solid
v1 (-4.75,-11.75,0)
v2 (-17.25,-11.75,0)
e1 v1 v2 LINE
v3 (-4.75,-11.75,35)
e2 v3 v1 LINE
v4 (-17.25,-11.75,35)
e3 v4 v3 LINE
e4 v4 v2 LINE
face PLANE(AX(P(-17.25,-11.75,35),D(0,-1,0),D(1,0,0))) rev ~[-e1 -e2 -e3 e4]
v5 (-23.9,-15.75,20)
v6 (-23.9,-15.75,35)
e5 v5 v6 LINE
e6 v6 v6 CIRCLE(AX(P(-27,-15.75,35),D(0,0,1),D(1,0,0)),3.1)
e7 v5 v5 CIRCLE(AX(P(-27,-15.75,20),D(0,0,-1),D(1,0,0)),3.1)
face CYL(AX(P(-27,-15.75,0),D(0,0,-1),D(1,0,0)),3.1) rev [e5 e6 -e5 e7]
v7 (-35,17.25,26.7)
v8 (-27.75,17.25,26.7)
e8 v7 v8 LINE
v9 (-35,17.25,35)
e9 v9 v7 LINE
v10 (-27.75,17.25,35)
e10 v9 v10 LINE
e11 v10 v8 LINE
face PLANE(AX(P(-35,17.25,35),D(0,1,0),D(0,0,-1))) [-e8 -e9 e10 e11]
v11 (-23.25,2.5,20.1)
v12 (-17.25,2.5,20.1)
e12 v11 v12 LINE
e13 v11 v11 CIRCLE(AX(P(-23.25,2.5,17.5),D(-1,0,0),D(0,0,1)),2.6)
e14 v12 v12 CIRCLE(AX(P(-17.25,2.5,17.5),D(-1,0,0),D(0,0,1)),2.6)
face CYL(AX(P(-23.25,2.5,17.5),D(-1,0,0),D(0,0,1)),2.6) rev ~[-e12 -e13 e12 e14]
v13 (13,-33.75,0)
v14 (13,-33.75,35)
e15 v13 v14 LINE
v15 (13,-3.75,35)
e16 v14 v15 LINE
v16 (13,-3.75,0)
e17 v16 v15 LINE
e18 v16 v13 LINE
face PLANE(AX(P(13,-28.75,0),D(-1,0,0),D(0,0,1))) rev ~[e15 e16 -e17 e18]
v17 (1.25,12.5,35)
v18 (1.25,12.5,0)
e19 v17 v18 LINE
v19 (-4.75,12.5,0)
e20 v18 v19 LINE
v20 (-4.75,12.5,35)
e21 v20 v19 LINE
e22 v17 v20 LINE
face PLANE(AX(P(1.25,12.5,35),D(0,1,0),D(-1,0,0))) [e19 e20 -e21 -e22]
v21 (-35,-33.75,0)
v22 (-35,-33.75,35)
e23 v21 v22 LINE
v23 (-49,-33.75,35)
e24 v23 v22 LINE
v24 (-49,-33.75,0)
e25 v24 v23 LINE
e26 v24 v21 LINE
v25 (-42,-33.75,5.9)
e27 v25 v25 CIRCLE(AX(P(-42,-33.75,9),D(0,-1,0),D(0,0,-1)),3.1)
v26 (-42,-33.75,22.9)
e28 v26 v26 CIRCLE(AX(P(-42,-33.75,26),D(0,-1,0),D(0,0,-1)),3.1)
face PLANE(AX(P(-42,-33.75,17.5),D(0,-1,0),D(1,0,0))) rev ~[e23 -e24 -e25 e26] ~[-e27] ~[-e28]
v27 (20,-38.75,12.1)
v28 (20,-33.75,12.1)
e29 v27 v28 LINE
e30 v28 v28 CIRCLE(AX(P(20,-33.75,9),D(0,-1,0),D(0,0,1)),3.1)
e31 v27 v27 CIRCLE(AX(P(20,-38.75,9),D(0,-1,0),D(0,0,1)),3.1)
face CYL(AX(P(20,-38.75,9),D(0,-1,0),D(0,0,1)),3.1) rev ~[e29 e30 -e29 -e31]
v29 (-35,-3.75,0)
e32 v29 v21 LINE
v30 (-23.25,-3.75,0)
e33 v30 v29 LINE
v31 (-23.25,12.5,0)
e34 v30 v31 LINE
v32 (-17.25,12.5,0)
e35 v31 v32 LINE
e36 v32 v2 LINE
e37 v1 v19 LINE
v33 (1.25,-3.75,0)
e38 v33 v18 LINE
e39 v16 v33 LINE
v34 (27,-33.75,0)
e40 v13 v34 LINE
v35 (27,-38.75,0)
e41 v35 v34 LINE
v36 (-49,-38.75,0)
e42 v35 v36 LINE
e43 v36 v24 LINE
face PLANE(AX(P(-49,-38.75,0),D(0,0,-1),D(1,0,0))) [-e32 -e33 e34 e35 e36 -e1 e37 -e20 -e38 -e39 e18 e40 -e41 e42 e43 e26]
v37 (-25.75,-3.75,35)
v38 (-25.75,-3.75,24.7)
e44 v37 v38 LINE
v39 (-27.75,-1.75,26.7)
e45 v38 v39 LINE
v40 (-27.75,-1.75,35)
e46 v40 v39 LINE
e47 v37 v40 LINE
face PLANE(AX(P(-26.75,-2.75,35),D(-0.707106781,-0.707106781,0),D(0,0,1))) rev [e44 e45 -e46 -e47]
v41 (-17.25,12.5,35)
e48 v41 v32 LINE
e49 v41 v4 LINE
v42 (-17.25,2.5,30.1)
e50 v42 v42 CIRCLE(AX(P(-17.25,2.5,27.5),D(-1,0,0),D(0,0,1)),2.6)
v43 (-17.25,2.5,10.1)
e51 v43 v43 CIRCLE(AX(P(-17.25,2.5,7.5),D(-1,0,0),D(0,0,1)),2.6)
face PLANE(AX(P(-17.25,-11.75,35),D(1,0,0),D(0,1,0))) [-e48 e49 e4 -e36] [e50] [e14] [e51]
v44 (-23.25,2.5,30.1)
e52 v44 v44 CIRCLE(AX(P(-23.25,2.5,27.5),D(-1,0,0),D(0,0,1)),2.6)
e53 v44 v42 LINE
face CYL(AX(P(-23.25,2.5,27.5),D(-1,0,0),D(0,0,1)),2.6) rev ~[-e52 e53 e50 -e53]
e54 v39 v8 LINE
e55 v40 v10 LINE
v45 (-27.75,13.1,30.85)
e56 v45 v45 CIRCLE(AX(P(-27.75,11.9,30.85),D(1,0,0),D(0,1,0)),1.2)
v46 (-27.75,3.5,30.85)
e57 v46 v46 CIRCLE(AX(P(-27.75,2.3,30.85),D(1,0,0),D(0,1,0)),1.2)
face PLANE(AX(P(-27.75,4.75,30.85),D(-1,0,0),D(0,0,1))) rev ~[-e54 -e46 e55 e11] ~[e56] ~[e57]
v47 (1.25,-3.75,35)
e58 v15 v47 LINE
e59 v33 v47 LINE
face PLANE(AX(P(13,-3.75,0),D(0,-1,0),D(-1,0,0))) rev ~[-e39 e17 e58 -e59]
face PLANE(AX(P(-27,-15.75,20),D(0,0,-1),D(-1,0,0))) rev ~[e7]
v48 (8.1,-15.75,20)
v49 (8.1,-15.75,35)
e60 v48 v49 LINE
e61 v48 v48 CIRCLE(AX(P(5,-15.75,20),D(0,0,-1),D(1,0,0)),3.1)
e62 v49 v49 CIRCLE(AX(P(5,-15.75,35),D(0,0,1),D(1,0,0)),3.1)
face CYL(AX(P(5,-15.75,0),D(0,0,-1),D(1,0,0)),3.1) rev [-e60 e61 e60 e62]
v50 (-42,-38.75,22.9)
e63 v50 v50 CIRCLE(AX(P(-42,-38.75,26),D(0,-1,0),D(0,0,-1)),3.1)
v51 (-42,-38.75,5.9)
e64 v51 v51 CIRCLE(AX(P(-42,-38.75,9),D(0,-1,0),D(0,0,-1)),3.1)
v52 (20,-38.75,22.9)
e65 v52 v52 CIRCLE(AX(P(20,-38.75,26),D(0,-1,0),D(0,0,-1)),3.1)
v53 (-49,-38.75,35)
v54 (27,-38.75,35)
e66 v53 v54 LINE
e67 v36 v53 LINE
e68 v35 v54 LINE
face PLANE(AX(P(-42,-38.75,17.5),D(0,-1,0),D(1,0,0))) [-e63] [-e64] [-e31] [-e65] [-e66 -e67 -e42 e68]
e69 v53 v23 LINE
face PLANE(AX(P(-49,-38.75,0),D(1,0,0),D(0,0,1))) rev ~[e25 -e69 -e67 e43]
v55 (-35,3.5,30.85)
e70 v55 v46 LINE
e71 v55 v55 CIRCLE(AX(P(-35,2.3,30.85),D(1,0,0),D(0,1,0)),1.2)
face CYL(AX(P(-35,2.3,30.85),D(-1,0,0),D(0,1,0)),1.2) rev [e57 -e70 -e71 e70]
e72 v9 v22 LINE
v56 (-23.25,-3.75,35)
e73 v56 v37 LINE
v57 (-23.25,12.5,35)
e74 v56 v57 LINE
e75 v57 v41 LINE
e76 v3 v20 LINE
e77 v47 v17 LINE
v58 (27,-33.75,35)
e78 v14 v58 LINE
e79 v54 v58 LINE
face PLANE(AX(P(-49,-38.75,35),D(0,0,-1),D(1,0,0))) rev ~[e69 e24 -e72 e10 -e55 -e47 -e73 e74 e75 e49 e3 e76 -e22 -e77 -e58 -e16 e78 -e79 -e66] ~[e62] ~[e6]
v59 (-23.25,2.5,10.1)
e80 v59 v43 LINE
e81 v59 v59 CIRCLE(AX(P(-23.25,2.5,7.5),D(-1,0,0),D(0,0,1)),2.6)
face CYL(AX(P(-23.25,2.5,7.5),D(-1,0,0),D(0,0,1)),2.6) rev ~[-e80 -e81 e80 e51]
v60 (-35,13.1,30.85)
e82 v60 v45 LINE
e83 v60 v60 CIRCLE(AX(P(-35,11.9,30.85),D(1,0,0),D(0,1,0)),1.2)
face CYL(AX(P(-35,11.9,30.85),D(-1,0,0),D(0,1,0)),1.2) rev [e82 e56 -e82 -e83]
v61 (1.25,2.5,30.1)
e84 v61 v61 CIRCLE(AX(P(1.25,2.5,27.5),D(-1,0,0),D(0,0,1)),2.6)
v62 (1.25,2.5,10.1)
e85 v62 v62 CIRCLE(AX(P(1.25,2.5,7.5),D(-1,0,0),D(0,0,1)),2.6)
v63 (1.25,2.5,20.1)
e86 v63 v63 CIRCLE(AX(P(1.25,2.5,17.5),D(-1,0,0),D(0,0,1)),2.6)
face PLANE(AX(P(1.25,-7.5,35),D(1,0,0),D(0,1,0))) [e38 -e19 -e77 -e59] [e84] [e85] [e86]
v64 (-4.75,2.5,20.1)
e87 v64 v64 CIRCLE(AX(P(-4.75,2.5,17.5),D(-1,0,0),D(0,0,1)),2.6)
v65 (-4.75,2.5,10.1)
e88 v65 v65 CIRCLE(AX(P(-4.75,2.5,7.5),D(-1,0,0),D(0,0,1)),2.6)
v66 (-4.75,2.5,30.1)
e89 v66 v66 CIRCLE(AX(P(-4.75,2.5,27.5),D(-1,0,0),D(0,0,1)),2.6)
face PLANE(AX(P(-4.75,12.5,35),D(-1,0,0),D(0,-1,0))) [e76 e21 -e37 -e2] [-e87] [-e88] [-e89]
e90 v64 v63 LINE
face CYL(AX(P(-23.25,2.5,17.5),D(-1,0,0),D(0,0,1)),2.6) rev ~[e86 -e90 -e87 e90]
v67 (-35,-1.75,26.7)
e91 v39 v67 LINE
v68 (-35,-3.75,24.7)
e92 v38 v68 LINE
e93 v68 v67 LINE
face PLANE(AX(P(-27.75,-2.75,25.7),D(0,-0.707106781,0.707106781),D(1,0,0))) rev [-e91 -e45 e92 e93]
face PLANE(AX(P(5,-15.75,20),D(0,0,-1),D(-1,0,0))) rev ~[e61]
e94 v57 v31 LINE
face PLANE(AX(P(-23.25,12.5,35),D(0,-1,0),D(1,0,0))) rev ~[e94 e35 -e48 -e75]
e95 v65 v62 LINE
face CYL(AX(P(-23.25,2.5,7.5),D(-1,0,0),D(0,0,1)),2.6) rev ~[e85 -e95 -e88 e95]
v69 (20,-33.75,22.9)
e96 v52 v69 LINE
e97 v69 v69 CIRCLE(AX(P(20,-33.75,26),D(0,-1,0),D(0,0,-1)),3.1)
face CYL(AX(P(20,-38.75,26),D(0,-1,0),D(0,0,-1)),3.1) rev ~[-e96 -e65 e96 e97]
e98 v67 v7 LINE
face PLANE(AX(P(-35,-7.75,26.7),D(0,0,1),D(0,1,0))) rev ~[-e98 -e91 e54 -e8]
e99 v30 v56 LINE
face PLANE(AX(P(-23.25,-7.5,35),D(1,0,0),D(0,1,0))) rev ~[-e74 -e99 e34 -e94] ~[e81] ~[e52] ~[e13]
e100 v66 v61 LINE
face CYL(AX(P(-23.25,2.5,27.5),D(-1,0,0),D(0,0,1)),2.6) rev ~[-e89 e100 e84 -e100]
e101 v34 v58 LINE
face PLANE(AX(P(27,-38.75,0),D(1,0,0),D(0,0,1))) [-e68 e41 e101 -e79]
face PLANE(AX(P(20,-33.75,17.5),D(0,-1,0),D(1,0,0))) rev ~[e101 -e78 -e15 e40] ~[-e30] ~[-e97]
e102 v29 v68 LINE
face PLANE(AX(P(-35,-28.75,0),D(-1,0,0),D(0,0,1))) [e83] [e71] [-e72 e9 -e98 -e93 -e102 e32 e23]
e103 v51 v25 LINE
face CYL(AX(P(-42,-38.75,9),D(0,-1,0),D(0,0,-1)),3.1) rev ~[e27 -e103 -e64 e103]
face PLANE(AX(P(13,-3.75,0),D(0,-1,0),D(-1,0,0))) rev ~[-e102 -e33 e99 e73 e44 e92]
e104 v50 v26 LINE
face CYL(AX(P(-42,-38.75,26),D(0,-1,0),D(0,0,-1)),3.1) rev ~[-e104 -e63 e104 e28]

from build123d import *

# Parameters (mm, degrees)
SKETCH1_R                = 3.1
BOSS_EXTRUDE1_DEPTH      = 35
SKETCH2_R                = 3.1
BOSS_EXTRUDE2_DEPTH      = 20
BOSS_EXTRUDE3_DEPTH      = 35
SKETCH4_R                = 2.6
CUT_EXTRUDE1_DEPTH       = 59.014006929
SKETCH6_W                = 12.5
SKETCH6_H                = 8
CUT_EXTRUDE2_DEPTH       = 58.241265709
SKETCH7_W                = 48
SKETCH7_H                = 35
BOSS_EXTRUDE4_DEPTH      = 10
SKETCH8_W                = 14
SKETCH8_H                = 35
SKETCH8_R                = 3.1
BOSS_EXTRUDE5_DEPTH      = 5
BOSS_EXTRUDE6_DEPTH      = 2.4
BOSS_EXTRUDE6_DEPTH_BACK = 4.85
SKETCH9_R                = 1.2
CHAMFER1_SIZE            = 2


with BuildPart() as part:
    # Sketch1 → Boss-Extrude1 (new body)
    with BuildSketch(Plane.XY):
        Polygon((-5, -3.75), (-35, -3.75), (-35, -28.75), (13, -28.75), (13, -3.75), align=None)
        with Locations((5, -15.75)):
            Circle(SKETCH1_R, mode=Mode.SUBTRACT)
        with Locations((-27, -15.75)):
            Circle(SKETCH1_R, mode=Mode.SUBTRACT)
    extrude(amount=BOSS_EXTRUDE1_DEPTH)

    # Sketch2 → Boss-Extrude2 (add)
    with BuildSketch(Plane(origin=(0, 0, 0), x_dir=(-1, 0, 0), z_dir=(0, 0, -1))):
        with Locations((27, -15.75)):
            Circle(SKETCH2_R)
        with Locations((-5, -15.75)):
            Circle(SKETCH2_R)
    extrude(amount=-BOSS_EXTRUDE2_DEPTH)

    # Sketch3 → Boss-Extrude3 (add)
    with BuildSketch(Plane.XY.offset(35)):
        Polygon((-17.25, 2.5), (-17.25, -7.5), (-23.25, -7.5), (-23.25, 12.5), (-17.25, 12.5), align=None)
        Polygon((-4.75, 2.5), (-4.75, -7.5), (1.25, -7.5), (1.25, 12.5), (-4.75, 12.5), align=None)
    extrude(amount=-BOSS_EXTRUDE3_DEPTH)

    # Sketch4 → Cut-Extrude1 (cut, through all)
    with BuildSketch(Plane.ZY.offset(23.25)):
        with Locations((17.5, 2.5)):
            Circle(SKETCH4_R)
        with Locations((27.5, 2.5)):
            Circle(SKETCH4_R)
        with Locations((7.5, 2.5)):
            Circle(SKETCH4_R)
    extrude(amount=-CUT_EXTRUDE1_DEPTH, mode=Mode.SUBTRACT)

    # Sketch6 → Cut-Extrude2 (cut, through all)
    with BuildSketch(Plane.XY.offset(35)):
        with Locations((-11, -7.75)):
            Rectangle(SKETCH6_W, SKETCH6_H)
    extrude(amount=-CUT_EXTRUDE2_DEPTH, mode=Mode.SUBTRACT)

    # Sketch7 → Boss-Extrude4 (add)
    with BuildSketch(Plane.XZ.offset(28.75)):
        with Locations((-11, 17.5)):
            Rectangle(SKETCH7_W, SKETCH7_H)
    extrude(amount=BOSS_EXTRUDE4_DEPTH)

    # Sketch8 → Boss-Extrude5 (add)
    # profile 1 of 2: a face of its own
    with BuildSketch(Plane.XZ.offset(38.75)):
        with Locations((-42, 17.5)):
            Rectangle(SKETCH8_W, SKETCH8_H)
        with Locations(Location((-42, 9, 0), (0, 0, 270))):
            Circle(SKETCH8_R, mode=Mode.SUBTRACT)
        with Locations(Location((-42, 26, 0), (0, 0, 270))):
            Circle(SKETCH8_R, mode=Mode.SUBTRACT)
    # profile 2 of 2: a face of its own
    with BuildSketch(Plane.XZ.offset(38.75)):
        with Locations((20, 17.5)):
            Rectangle(SKETCH8_W, SKETCH8_H)
        with Locations(Location((20, 9, 0), (0, 0, 90))):
            Circle(SKETCH8_R, mode=Mode.SUBTRACT)
        with Locations(Location((20, 26, 0), (0, 0, 270))):
            Circle(SKETCH8_R, mode=Mode.SUBTRACT)
    extrude(amount=-BOSS_EXTRUDE5_DEPTH)

    # Sketch9 → Boss-Extrude6 (add, two sides: drawn at the far end of the back side and taken through both)
    with BuildSketch(Plane(origin=(-30.15, 41.369079409, 256.718616892), x_dir=(0, 0, -1), z_dir=(1, 0, 0)).offset(-BOSS_EXTRUDE6_DEPTH_BACK)):
        Polygon((230.018616892, -24.119079409), (230.018616892, -45.119079409), (230.018616892, -49.119079409), (221.718616892, -49.119079409), (221.718616892, -24.119079409), align=None)
        with Locations(Location((225.868616892, -29.469079409, 0), (0, 0, 90))):
            Circle(SKETCH9_R, mode=Mode.SUBTRACT)
        with Locations(Location((225.868616892, -39.069079409, 0), (0, 0, 90))):
            Circle(SKETCH9_R, mode=Mode.SUBTRACT)
    extrude(amount=BOSS_EXTRUDE6_DEPTH + BOSS_EXTRUDE6_DEPTH_BACK)

    # Chamfer1
    chamfer1_edges = [part.edges().sort_by_distance(p)[0] for p in [
        (-27.75, -3.75, 30.85),
        (-31.375, -3.75, 26.7),
    ]]
    chamfer(chamfer1_edges, length=CHAMFER1_SIZE)


solid = part.part
